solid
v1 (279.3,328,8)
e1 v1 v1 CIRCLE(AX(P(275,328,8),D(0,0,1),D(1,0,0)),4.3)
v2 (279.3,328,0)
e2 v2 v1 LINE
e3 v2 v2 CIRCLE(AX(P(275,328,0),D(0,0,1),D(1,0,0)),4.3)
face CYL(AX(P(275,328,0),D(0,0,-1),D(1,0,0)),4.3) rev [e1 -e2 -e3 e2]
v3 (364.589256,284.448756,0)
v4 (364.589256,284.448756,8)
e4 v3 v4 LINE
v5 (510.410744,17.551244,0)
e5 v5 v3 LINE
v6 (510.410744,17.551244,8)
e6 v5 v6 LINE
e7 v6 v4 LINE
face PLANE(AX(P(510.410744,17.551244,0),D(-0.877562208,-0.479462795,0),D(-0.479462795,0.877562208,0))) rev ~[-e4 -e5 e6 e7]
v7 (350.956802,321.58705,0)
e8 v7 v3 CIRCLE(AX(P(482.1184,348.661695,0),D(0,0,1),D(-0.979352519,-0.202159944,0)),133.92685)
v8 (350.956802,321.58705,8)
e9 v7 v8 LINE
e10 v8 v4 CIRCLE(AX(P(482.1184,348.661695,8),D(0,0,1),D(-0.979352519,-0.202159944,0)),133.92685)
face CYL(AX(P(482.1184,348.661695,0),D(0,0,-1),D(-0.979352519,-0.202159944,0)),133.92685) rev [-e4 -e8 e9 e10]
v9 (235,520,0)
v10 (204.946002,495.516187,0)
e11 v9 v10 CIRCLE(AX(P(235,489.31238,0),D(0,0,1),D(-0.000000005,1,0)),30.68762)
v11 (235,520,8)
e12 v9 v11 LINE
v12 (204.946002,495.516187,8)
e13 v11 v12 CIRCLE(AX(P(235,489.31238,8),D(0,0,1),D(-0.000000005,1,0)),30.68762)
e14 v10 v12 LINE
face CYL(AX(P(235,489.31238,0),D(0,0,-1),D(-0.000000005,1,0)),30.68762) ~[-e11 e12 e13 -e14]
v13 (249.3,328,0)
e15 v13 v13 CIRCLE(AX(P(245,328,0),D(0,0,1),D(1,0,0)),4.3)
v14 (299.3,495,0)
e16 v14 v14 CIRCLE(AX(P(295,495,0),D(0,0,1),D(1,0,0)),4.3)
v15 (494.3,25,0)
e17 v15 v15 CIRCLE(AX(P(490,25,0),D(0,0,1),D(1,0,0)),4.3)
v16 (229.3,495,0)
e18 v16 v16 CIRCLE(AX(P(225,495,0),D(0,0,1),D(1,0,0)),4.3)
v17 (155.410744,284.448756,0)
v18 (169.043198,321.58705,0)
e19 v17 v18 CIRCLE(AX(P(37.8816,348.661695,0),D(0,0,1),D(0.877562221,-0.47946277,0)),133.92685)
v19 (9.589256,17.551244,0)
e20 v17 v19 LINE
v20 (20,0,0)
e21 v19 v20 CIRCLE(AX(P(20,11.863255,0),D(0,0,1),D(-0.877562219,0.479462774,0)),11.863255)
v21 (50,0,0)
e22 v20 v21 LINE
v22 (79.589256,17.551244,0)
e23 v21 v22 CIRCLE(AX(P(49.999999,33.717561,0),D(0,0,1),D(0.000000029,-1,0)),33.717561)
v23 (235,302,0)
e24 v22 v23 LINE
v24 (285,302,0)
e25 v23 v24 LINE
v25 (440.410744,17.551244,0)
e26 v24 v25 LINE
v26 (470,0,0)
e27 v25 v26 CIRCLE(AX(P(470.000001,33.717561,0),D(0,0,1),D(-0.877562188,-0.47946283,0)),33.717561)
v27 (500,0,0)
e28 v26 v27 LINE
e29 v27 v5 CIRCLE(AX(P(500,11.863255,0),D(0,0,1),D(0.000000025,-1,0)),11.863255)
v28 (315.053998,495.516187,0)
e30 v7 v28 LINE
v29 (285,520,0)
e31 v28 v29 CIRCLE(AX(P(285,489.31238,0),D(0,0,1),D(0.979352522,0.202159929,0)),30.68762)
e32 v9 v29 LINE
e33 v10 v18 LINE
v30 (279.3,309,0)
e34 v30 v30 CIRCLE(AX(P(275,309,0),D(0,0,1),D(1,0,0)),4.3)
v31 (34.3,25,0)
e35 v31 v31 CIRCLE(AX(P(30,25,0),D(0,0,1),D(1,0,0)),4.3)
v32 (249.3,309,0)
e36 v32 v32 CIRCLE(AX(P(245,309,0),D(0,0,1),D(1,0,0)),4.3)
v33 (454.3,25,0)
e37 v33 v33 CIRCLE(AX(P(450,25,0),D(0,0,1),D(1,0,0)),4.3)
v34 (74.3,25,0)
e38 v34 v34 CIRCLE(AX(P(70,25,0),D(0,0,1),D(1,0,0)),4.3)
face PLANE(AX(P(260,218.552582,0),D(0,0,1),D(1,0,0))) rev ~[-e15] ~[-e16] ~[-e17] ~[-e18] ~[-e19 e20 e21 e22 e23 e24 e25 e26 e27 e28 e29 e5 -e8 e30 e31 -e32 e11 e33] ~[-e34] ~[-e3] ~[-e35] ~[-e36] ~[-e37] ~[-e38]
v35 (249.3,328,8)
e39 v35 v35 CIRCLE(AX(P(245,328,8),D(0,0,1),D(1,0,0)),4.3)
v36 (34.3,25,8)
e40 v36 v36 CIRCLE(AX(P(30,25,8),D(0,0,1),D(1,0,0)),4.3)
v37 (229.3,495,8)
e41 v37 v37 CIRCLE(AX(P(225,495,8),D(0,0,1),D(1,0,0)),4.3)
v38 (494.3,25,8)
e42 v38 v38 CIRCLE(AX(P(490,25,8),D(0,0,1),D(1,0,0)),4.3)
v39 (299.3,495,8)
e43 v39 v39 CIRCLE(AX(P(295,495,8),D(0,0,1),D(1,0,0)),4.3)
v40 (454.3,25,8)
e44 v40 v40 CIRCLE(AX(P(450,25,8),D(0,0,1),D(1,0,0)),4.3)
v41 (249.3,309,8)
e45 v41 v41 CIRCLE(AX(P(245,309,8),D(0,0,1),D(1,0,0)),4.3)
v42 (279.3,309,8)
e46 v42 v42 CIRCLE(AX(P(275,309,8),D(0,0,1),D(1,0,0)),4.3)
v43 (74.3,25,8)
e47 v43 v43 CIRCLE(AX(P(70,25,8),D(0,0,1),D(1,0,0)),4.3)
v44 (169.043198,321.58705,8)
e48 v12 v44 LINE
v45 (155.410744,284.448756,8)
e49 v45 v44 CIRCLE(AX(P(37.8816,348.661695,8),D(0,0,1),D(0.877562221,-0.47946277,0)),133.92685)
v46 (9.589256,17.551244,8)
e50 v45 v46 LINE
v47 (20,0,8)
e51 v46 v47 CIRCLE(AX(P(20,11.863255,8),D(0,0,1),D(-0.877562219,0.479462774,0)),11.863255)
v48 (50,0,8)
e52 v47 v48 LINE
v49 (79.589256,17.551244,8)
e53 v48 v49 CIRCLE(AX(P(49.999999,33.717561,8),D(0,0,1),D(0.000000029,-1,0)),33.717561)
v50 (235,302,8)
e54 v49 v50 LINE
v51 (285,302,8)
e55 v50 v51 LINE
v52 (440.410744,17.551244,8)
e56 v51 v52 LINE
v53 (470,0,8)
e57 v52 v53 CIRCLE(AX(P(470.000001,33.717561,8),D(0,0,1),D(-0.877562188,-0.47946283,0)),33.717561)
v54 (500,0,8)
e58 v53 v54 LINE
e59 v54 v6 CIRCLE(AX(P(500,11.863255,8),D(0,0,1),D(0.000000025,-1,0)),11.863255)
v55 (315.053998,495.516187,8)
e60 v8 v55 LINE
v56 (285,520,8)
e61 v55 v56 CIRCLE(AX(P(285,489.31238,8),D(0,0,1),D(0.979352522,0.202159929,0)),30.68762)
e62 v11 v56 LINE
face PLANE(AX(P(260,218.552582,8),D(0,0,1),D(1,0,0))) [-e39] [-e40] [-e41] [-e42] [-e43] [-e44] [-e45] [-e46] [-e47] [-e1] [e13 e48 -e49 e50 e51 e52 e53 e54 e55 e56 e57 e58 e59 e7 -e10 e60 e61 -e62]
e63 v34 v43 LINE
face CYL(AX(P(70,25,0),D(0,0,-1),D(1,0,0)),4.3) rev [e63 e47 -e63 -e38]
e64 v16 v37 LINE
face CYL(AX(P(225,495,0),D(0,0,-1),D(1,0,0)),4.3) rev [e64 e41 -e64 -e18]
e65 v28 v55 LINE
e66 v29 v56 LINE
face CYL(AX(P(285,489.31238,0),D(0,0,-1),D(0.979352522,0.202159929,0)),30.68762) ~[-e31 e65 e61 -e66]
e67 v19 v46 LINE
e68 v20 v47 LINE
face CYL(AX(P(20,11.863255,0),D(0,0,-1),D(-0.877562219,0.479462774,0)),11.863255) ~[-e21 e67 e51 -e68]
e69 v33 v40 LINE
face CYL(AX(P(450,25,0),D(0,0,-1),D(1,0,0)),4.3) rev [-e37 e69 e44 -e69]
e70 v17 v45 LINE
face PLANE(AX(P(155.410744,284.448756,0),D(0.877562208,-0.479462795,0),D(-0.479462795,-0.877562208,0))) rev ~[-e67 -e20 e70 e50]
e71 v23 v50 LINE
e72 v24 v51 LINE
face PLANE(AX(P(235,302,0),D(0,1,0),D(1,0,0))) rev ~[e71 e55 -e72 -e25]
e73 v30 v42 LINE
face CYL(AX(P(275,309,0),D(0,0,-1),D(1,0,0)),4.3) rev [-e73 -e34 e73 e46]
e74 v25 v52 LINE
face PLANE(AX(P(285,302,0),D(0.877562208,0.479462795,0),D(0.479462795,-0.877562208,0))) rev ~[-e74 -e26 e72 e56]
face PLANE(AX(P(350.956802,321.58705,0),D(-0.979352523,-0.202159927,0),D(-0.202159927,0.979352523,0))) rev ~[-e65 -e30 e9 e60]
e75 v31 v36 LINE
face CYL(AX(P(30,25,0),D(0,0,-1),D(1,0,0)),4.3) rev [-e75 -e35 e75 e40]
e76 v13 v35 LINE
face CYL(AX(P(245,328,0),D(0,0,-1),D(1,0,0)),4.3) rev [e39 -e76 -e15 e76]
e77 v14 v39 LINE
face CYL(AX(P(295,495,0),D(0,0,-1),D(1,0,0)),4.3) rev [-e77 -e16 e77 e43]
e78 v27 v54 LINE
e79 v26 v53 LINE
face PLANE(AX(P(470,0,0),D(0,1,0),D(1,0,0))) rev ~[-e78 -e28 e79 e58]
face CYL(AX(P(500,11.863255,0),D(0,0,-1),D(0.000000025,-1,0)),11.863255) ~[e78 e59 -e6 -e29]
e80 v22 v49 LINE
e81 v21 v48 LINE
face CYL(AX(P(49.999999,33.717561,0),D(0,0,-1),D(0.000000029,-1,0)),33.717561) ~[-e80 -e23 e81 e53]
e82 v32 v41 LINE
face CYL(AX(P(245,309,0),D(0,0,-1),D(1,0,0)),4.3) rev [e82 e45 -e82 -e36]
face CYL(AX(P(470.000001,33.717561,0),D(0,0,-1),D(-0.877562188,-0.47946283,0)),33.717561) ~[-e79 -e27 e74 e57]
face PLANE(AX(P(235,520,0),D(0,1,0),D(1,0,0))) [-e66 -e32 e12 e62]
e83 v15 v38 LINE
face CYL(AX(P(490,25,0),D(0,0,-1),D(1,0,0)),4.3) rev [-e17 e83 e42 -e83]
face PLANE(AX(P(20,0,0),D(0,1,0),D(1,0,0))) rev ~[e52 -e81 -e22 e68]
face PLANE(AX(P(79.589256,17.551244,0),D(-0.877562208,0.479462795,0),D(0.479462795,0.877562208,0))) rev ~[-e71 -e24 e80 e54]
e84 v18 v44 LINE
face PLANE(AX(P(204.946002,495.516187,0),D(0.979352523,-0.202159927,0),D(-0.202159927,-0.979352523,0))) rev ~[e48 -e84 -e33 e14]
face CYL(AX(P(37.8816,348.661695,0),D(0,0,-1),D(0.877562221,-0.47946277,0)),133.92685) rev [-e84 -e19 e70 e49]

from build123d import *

# Parameters (mm, degrees)
SKETCH_R  = 4.3
PAD_DEPTH = 8


with BuildPart() as part:
    # Sketch → Pad (new body)
    with BuildSketch(Plane.XY):
        with BuildLine():
            Line((20, 0), (50, 0))
            ThreePointArc((50, 0), (67.201528, 4.717883), (79.589256, 17.551244))
            Line((79.589256, 17.551244), (235, 302))
            Line((235, 302), (285, 302))
            Line((285, 302), (440.410744, 17.551244))
            ThreePointArc((440.410744, 17.551244), (452.798472, 4.717883), (470, 0))
            Line((470, 0), (500, 0))
            ThreePointArc((500, 0), (510.203305, 5.811034), (510.410744, 17.551244))
            Line((510.410744, 17.551244), (364.589256, 284.448756))
            ThreePointArc((350.956802, 321.58705), (356.39416, 302.511758), (364.589256, 284.448756))
            Line((350.956802, 321.58705), (315.053998, 495.516187))
            ThreePointArc((315.053998, 495.516187), (304.382337, 513.104291), (285, 520))
            Line((235, 520), (285, 520))
            ThreePointArc((235, 520), (215.617663, 513.104291), (204.946002, 495.516187))
            Line((204.946002, 495.516187), (169.043198, 321.58705))
            ThreePointArc((155.410744, 284.448756), (163.60584, 302.511758), (169.043198, 321.58705))
            Line((155.410744, 284.448756), (9.589256, 17.551244))
            ThreePointArc((9.589256, 17.551244), (9.796695, 5.811034), (20, 0))
        make_face()
        with Locations((245, 328)):
            Circle(SKETCH_R, mode=Mode.SUBTRACT)
        with Locations((275, 328)):
            Circle(SKETCH_R, mode=Mode.SUBTRACT)
        with Locations((275, 309)):
            Circle(SKETCH_R, mode=Mode.SUBTRACT)
        with Locations((245, 309)):
            Circle(SKETCH_R, mode=Mode.SUBTRACT)
        with Locations((490, 25)):
            Circle(SKETCH_R, mode=Mode.SUBTRACT)
        with Locations((450, 25)):
            Circle(SKETCH_R, mode=Mode.SUBTRACT)
        with Locations((70, 25)):
            Circle(SKETCH_R, mode=Mode.SUBTRACT)
        with Locations((30, 25)):
            Circle(SKETCH_R, mode=Mode.SUBTRACT)
        with Locations((225, 495)):
            Circle(SKETCH_R, mode=Mode.SUBTRACT)
        with Locations((295, 495)):
            Circle(SKETCH_R, mode=Mode.SUBTRACT)
    extrude(amount=PAD_DEPTH)


solid = part.part
